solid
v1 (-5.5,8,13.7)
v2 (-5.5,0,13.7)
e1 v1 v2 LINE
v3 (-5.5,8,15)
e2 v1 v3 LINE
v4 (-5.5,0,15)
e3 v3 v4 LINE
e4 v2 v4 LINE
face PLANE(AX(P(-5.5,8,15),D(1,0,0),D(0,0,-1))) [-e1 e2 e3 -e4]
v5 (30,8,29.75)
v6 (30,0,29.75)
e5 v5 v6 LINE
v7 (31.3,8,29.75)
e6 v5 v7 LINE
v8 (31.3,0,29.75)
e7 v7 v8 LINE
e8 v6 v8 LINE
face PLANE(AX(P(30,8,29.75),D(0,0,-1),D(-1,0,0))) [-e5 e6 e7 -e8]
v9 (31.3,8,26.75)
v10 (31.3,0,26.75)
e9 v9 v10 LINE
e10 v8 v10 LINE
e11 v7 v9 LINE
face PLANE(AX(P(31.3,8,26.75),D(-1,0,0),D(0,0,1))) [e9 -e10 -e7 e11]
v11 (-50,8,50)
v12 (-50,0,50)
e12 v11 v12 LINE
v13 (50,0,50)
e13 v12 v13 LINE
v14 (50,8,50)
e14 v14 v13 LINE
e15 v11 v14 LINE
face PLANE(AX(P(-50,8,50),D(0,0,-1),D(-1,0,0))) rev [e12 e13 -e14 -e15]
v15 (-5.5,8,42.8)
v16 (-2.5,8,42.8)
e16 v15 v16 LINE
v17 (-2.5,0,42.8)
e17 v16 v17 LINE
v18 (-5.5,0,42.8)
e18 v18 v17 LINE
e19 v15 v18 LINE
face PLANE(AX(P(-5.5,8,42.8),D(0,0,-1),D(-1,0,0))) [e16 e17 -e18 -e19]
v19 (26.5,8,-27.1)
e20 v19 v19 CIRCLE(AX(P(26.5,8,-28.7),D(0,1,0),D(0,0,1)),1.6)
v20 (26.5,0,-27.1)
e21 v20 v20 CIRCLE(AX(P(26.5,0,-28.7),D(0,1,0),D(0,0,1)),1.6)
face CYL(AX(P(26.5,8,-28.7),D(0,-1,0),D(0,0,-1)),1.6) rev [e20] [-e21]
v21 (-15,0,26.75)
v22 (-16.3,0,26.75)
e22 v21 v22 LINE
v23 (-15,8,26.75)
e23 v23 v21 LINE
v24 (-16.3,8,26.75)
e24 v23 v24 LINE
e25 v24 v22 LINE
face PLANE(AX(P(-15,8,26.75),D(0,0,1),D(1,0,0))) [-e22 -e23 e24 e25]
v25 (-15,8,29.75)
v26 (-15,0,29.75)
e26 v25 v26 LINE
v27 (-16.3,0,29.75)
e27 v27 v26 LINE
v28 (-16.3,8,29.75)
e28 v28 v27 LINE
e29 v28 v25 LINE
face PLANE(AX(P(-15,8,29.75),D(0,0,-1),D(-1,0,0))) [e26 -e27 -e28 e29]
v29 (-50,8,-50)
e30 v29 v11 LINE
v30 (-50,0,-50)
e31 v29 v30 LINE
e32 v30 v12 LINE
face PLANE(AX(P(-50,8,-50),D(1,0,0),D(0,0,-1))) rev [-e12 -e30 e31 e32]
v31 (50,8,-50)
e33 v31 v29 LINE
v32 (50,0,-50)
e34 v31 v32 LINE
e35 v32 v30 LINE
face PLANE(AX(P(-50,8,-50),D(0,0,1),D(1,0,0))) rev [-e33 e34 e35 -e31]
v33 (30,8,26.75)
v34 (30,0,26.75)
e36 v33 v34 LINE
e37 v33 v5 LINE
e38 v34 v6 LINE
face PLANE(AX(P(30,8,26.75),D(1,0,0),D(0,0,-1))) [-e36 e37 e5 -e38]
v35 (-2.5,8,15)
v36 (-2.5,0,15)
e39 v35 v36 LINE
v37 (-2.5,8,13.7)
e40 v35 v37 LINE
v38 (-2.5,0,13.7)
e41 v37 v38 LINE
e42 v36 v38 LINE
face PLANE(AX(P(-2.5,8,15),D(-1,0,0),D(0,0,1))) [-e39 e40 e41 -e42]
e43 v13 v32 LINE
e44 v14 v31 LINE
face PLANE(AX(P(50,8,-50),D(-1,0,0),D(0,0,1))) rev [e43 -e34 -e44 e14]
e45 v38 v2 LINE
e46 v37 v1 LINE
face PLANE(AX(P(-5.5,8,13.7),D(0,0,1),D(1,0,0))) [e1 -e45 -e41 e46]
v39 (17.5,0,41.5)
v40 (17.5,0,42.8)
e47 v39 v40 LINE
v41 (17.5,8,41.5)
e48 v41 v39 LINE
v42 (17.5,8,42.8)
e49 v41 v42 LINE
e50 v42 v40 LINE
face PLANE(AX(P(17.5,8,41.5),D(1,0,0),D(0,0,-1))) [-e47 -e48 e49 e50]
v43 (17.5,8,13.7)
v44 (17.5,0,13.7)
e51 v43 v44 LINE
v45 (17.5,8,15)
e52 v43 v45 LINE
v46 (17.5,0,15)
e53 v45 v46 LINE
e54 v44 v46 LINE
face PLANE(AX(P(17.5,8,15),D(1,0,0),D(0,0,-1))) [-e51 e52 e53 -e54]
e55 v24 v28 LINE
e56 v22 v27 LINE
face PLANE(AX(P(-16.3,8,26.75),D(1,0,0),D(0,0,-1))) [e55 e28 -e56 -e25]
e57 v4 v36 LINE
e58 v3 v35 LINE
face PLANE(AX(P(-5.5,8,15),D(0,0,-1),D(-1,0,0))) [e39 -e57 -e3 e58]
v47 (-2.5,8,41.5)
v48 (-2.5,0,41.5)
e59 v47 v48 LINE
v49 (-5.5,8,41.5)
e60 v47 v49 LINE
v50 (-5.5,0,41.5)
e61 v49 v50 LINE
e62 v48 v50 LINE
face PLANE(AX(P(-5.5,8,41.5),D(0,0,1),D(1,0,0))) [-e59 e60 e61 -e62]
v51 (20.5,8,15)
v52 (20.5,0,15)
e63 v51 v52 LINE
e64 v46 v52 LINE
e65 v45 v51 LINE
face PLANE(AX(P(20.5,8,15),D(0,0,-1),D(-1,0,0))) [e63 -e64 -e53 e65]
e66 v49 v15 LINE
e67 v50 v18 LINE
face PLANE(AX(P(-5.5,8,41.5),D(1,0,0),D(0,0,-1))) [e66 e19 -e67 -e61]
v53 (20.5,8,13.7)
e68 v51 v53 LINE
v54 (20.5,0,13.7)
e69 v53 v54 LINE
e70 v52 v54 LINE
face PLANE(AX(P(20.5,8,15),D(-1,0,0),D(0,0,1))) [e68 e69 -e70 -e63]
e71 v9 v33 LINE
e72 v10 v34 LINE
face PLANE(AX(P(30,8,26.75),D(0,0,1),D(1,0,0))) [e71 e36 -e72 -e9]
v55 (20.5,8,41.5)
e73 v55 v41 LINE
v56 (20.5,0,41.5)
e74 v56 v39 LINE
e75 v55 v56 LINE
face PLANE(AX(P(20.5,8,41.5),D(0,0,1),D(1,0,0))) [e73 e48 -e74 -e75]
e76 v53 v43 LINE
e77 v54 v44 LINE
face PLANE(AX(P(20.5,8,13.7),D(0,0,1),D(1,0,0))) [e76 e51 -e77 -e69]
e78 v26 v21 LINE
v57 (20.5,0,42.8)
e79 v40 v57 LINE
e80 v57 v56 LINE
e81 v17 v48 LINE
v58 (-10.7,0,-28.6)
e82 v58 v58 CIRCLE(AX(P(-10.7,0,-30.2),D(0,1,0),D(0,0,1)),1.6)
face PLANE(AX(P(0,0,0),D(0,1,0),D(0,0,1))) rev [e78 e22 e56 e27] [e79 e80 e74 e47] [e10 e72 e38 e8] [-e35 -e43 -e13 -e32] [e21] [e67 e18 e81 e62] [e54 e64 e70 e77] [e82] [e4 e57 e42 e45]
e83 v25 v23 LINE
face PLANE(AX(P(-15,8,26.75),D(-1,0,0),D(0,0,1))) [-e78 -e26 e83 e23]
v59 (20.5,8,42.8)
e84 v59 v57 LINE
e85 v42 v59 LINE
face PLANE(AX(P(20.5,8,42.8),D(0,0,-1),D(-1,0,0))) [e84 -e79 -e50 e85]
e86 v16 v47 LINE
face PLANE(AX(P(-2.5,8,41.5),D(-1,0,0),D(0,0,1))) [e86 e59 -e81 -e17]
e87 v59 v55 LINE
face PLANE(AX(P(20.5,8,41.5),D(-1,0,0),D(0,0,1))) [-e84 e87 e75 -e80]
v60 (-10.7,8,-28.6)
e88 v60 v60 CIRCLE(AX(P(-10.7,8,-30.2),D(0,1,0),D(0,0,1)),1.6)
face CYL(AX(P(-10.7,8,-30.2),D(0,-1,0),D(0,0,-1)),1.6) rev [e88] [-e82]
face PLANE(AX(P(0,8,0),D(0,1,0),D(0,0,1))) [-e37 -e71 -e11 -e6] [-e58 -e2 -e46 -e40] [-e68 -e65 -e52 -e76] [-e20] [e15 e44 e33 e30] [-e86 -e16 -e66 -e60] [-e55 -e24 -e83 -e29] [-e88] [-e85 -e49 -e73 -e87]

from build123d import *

# Parameters (mm, degrees)
SKETCH1_W           = 100
SKETCH1_H           = 100
SKETCH1_R           = 1.6
SKETCH1_W_2         = 3
SKETCH1_H_2         = 1.3
SKETCH1_W_3         = 1.3
SKETCH1_H_3         = 3
BOSS_EXTRUDE1_DEPTH = 8


with BuildPart() as part:
    # Sketch1 → Boss-Extrude1 (new body)
    with BuildSketch(Plane(origin=(0, 0, 0), x_dir=(1, 0, 0), z_dir=(0, 1, 0))):
        Rectangle(SKETCH1_W, SKETCH1_H)
        with Locations(Location((26.5, 28.7, 0), (0, 0, 270))):
            Circle(SKETCH1_R, mode=Mode.SUBTRACT)
        with Locations(Location((-10.7, 30.2, 0), (0, 0, 270))):
            Circle(SKETCH1_R, mode=Mode.SUBTRACT)
        with Locations((19, -14.35)):
            Rectangle(SKETCH1_W_2, SKETCH1_H_2, mode=Mode.SUBTRACT)
        with Locations((-4, -14.35)):
            Rectangle(SKETCH1_W_2, SKETCH1_H_2, mode=Mode.SUBTRACT)
        with Locations((-15.65, -28.25)):
            Rectangle(SKETCH1_W_3, SKETCH1_H_3, mode=Mode.SUBTRACT)
        with Locations((30.65, -28.25)):
            Rectangle(SKETCH1_W_3, SKETCH1_H_3, mode=Mode.SUBTRACT)
        with Locations((19, -42.15)):
            Rectangle(SKETCH1_W_2, SKETCH1_H_2, mode=Mode.SUBTRACT)
        with Locations((-4, -42.15)):
            Rectangle(SKETCH1_W_2, SKETCH1_H_2, mode=Mode.SUBTRACT)
    extrude(amount=BOSS_EXTRUDE1_DEPTH)


solid = part.part
